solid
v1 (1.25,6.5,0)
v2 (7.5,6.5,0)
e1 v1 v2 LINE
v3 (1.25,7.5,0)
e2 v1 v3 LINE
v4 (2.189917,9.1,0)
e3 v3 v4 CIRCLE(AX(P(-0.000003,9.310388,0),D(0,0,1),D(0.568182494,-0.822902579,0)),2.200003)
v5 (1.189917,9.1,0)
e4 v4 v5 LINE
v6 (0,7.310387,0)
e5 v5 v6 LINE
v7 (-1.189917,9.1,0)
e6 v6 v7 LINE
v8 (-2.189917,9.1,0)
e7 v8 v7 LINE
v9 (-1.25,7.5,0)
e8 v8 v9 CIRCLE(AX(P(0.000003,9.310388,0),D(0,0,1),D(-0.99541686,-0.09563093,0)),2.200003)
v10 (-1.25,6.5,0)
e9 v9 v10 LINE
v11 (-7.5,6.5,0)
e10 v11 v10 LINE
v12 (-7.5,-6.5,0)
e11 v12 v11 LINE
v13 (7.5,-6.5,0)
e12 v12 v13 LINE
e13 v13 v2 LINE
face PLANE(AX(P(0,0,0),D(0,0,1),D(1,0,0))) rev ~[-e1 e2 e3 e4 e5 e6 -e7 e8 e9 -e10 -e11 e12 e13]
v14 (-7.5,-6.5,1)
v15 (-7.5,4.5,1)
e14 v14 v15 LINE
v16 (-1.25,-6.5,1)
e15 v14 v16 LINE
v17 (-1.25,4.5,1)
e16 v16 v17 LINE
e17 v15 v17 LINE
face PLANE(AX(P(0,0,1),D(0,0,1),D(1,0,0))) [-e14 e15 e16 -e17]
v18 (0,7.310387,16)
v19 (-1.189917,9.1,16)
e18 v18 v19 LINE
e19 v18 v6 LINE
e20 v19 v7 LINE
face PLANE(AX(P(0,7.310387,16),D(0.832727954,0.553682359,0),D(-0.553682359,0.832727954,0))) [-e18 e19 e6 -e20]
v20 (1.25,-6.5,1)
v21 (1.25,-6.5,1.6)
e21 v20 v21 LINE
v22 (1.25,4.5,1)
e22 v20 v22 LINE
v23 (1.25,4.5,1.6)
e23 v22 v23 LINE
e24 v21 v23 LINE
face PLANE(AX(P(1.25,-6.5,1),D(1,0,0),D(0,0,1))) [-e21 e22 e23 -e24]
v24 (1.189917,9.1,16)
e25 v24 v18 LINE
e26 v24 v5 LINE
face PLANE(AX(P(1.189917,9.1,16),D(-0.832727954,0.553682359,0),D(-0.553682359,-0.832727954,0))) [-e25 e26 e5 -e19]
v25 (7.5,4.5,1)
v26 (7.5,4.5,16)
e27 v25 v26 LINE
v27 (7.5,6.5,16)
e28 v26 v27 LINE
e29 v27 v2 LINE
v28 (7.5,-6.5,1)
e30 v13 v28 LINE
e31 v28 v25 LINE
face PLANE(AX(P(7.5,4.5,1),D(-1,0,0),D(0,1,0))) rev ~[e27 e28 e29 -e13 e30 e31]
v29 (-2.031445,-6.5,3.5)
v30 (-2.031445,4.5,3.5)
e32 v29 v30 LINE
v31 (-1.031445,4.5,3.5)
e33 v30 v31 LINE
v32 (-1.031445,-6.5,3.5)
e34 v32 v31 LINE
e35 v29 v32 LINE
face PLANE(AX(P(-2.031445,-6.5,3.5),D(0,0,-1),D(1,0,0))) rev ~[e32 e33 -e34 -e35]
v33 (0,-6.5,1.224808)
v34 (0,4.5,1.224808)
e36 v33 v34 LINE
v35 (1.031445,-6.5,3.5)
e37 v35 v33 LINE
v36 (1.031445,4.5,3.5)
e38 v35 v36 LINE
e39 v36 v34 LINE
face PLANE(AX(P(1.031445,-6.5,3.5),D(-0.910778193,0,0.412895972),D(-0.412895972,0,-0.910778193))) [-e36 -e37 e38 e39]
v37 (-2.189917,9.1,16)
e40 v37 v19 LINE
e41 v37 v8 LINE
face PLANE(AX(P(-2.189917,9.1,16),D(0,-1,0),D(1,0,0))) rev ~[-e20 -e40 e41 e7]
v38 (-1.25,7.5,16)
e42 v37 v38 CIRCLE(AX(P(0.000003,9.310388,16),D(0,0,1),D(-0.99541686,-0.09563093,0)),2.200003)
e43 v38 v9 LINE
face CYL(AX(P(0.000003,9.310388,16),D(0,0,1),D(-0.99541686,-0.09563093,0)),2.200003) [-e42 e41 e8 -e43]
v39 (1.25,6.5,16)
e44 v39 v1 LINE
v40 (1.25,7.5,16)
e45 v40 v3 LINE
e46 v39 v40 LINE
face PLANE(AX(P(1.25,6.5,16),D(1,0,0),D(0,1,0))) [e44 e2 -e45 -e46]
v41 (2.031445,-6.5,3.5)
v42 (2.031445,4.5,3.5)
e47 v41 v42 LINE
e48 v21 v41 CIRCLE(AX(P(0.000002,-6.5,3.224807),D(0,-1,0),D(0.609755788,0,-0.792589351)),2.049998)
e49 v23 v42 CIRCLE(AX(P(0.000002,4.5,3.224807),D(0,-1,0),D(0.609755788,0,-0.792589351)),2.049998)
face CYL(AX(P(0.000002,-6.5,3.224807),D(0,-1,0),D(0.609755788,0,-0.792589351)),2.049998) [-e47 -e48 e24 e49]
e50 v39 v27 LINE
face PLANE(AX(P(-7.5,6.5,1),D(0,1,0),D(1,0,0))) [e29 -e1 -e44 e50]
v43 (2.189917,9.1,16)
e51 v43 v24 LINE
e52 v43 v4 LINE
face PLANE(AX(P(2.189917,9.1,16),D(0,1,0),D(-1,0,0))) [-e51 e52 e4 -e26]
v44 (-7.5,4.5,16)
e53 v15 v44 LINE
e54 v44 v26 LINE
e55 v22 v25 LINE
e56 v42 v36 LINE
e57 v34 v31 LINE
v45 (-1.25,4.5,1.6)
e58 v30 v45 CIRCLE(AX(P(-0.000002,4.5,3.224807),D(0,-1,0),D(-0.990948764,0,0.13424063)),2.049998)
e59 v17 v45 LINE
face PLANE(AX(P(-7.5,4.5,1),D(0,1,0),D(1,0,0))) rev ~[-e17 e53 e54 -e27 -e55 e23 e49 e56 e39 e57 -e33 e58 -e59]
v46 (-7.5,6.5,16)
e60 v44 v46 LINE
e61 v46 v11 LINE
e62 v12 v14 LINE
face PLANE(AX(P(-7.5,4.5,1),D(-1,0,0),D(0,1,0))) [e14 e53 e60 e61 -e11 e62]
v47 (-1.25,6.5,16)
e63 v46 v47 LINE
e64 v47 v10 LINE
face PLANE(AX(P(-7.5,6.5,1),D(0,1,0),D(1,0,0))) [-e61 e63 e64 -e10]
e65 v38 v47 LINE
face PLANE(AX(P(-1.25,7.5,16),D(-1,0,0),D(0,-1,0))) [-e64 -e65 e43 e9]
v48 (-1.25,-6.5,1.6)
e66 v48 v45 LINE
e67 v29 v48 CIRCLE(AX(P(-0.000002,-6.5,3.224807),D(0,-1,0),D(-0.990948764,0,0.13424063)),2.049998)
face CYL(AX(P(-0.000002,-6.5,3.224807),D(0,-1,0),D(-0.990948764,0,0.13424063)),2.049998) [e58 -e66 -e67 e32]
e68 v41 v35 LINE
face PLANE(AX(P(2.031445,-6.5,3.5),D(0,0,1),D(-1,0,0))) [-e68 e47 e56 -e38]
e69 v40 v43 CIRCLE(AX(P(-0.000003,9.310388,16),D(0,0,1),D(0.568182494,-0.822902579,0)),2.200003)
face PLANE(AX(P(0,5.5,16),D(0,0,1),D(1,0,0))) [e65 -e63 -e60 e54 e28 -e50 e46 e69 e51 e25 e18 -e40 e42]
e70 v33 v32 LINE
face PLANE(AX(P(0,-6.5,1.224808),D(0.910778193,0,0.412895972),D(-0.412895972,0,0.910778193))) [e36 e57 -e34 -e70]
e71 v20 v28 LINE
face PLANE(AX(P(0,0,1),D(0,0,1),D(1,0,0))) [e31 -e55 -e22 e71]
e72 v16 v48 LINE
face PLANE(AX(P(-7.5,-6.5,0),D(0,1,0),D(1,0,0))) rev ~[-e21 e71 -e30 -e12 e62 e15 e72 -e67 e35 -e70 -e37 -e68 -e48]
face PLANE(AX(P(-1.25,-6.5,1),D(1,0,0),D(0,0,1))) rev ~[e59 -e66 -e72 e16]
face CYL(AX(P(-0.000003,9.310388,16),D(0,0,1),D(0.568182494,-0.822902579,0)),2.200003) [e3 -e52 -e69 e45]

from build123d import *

# Parameters (mm, degrees)
SKETCH_W     = 15
SKETCH_H     = 13
PAD_DEPTH    = 1
SKETCH001_W  = 15
SKETCH001_H  = 2
PAD001_DEPTH = 15
PAD002_DEPTH = 11
PAD003_DEPTH = 16


with BuildPart() as part:
    # Sketch → Pad (new body)
    with BuildSketch(Plane.XY):
        Rectangle(SKETCH_W, SKETCH_H)
    extrude(amount=PAD_DEPTH)

    # Sketch001 → Pad001 (new body)
    with BuildSketch(Plane.XY.offset(1)):
        with Locations((0, 5.5)):
            Rectangle(SKETCH001_W, SKETCH001_H)
    extrude(amount=PAD001_DEPTH)

    # Sketch002 → Pad002 (new body)
    with BuildSketch(Plane.XZ.offset(6.5)):
        with BuildLine():
            Line((-1.25, 1), (1.25, 1))
            Line((1.25, 1), (1.25, 1.6))
            ThreePointArc((1.25, 1.6), (1.895909, 2.445045), (2.031445, 3.5))
            Line((2.031445, 3.5), (1.031445, 3.5))
            Line((1.031445, 3.5), (0, 1.224808))
            Line((0, 1.224808), (-1.031445, 3.5))
            Line((-2.031445, 3.5), (-1.031445, 3.5))
            ThreePointArc((-2.031445, 3.5), (-1.895909, 2.445045), (-1.25, 1.6))
            Line((-1.25, 1), (-1.25, 1.6))
        make_face()
    extrude(amount=-PAD002_DEPTH)

    # Sketch003 → Pad003 (new body)
    with BuildSketch(Plane.XY.offset(16)):
        with BuildLine():
            Line((-1.25, 7.5), (-1.25, 6.5))
            Line((-1.25, 6.5), (1.25, 6.5))
            Line((1.25, 6.5), (1.25, 7.5))
            ThreePointArc((1.25, 7.5), (1.896907, 8.196052), (2.189917, 9.1))
            Line((2.189917, 9.1), (1.189917, 9.1))
            Line((1.189917, 9.1), (0, 7.310387))
            Line((0, 7.310387), (-1.189917, 9.1))
            Line((-2.189917, 9.1), (-1.189917, 9.1))
            ThreePointArc((-2.189917, 9.1), (-1.896907, 8.196052), (-1.25, 7.5))
        make_face()
    extrude(amount=-PAD003_DEPTH)


solid = part.part
